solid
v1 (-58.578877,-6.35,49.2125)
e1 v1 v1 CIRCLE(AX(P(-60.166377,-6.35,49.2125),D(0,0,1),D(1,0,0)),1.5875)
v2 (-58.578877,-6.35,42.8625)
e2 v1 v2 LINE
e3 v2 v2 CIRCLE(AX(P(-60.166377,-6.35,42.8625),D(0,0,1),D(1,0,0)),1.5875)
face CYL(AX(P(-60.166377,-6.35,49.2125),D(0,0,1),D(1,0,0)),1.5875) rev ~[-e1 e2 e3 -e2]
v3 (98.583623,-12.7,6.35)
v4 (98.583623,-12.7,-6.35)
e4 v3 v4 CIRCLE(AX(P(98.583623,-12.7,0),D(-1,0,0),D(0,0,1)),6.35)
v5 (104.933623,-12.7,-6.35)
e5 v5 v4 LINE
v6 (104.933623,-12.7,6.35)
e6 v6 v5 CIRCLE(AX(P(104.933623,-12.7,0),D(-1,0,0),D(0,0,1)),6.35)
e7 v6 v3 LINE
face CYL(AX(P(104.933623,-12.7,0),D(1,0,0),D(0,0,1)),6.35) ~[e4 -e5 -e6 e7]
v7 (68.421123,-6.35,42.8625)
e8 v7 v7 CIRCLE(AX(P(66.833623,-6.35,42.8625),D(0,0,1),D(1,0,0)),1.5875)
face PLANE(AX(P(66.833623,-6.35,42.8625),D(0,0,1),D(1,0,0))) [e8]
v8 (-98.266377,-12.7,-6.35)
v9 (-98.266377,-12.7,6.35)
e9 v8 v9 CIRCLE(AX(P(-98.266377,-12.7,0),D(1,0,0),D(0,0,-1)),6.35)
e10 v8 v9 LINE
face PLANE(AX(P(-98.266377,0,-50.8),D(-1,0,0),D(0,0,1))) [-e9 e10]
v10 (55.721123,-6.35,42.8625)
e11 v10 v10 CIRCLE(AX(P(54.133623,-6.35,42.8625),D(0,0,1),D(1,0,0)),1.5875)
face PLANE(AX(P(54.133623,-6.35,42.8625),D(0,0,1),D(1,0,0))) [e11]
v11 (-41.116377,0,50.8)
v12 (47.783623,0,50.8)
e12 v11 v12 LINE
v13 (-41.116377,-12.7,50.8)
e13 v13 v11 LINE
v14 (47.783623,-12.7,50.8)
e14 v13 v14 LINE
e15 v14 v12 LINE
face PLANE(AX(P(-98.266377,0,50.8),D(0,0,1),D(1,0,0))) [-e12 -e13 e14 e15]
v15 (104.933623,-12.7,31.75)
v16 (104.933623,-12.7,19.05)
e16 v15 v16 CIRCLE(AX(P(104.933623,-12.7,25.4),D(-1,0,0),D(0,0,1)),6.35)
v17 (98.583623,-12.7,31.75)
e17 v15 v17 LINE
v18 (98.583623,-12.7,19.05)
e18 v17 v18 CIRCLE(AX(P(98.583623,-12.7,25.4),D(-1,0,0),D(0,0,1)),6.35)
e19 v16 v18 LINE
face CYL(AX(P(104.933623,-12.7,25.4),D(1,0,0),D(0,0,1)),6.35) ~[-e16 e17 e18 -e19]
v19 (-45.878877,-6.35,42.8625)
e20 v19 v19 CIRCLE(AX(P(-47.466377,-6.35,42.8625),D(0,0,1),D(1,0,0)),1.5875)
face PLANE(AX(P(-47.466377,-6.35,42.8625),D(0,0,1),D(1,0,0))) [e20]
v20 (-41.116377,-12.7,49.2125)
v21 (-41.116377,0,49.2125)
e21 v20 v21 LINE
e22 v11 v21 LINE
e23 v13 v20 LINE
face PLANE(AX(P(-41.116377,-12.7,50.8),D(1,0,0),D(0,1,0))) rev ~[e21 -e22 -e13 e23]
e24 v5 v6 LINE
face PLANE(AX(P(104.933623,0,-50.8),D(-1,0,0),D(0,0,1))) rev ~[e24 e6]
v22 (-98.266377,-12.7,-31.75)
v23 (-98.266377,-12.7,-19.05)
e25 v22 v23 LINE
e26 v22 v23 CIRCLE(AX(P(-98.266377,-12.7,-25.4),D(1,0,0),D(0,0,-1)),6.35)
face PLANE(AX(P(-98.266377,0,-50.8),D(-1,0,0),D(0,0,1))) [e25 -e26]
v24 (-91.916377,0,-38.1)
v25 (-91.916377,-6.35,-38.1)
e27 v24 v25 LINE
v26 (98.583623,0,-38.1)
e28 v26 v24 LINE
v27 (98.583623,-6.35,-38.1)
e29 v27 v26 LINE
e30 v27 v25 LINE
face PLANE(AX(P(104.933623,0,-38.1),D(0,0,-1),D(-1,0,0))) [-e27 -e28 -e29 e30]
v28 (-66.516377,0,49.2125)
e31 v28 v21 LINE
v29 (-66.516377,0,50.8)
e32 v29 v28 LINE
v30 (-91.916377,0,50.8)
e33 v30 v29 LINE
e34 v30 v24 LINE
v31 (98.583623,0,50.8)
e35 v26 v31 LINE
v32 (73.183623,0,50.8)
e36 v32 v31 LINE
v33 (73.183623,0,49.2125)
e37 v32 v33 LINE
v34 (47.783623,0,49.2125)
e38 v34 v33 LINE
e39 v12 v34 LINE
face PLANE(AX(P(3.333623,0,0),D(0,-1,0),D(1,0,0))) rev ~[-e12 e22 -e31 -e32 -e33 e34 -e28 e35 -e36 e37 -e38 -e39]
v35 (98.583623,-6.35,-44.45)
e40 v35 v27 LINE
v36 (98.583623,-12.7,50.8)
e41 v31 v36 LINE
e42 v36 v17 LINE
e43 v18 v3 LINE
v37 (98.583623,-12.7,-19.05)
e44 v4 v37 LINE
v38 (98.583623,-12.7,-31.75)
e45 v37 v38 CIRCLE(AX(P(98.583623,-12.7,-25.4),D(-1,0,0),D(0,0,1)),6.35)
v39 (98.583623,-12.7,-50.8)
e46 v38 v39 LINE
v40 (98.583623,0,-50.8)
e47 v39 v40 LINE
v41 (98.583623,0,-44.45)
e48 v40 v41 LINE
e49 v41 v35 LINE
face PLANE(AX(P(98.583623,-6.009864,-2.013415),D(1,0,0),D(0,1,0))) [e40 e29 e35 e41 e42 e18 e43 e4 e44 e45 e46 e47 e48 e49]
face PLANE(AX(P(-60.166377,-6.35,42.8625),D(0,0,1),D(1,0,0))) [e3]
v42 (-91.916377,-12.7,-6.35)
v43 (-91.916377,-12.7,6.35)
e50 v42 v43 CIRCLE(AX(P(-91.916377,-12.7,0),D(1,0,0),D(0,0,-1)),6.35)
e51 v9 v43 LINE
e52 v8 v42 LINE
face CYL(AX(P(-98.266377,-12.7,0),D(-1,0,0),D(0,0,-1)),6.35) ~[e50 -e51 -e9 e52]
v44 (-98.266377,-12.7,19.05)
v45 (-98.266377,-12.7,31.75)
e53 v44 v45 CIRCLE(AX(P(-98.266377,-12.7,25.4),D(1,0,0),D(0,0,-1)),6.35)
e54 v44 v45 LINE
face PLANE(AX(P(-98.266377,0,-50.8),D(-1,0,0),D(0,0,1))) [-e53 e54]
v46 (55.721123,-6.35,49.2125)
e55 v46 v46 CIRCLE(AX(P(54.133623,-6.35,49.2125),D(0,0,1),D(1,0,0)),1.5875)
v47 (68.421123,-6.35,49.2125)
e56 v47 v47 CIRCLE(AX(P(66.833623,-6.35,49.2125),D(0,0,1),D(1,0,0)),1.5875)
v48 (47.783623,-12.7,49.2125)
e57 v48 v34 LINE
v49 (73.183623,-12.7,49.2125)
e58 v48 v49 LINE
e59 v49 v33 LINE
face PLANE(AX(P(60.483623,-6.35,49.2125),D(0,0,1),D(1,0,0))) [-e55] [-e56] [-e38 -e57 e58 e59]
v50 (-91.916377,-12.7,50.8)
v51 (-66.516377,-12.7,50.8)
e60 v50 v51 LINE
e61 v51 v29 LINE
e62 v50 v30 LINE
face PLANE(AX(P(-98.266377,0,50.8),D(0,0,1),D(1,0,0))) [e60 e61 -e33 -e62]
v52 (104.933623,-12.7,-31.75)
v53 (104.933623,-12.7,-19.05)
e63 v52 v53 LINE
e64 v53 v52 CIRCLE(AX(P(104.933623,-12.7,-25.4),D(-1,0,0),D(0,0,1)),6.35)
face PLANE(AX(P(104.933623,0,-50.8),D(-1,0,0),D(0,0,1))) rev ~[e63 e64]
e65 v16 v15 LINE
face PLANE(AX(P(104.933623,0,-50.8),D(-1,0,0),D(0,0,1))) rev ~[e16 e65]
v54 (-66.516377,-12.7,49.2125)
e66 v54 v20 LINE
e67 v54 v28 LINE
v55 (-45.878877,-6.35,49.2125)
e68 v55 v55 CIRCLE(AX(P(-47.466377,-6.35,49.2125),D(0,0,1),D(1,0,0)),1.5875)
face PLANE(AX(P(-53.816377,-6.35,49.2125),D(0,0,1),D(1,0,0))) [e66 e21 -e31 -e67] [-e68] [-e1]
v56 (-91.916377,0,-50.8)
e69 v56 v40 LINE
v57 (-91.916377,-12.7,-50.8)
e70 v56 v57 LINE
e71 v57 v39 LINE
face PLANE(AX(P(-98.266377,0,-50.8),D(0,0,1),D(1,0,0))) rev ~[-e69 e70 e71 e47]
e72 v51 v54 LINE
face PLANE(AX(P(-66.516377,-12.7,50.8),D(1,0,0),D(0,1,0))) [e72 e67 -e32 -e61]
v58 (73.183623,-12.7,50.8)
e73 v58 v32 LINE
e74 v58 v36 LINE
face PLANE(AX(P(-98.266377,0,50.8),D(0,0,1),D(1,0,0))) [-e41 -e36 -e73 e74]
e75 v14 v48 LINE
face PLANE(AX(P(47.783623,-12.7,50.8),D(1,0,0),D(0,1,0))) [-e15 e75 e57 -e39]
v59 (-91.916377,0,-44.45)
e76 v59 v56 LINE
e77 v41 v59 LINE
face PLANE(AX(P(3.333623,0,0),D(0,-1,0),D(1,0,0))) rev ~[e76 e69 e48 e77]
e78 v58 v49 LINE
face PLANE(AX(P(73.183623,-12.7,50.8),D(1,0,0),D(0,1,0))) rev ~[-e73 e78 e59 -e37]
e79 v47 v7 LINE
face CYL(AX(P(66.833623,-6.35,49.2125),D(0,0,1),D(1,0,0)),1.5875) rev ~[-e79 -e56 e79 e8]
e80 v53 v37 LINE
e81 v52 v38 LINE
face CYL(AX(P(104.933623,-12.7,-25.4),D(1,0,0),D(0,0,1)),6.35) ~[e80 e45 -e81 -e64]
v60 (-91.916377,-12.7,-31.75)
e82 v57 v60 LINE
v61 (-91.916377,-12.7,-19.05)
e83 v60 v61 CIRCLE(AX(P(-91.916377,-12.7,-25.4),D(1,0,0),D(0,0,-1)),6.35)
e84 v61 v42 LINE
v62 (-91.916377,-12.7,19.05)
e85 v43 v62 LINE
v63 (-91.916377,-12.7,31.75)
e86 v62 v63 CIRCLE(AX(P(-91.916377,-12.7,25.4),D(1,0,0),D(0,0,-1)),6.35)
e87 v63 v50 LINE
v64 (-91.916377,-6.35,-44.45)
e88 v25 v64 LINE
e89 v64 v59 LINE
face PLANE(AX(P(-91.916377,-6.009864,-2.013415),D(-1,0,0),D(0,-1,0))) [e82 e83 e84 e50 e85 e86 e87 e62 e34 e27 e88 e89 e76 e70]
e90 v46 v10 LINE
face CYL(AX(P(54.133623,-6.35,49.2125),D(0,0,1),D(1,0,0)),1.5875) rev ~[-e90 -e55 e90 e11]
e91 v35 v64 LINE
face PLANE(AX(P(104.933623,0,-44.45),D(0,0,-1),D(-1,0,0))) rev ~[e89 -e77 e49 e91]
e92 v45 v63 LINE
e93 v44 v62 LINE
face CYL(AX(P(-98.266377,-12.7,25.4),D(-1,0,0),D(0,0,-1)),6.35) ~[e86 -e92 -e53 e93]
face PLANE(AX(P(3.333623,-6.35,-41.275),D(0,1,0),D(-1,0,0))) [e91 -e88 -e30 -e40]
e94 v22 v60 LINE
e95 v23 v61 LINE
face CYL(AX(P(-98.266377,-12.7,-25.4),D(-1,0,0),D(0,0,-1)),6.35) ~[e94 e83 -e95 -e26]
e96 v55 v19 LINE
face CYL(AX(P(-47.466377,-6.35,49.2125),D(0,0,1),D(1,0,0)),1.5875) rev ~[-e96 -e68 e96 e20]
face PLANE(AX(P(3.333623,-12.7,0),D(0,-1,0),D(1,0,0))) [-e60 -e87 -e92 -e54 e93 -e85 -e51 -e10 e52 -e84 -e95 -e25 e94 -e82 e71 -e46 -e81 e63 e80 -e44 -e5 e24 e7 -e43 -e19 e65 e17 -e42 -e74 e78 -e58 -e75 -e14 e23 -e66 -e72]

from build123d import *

# Parameters (mm, degrees)
F0_W      = 203.2
F0_H      = 101.6
F1_DEPTH  = 12.7
F2_W      = 203.2
F2_H      = 6.35
F3_DEPTH  = 6.35
F5_DEPTH  = 6.35
F7_DEPTH  = 6.35
F8_W      = 25.4
F8_H      = 12.7
F9_DEPTH  = 1.5875
F10_R     = 1.5875
F11_DEPTH = 6.35
F12_R     = 1.5875
F13_DEPTH = 6.35


with BuildPart() as f1:
    # F0 (on Front) → F1 (new body)
    with BuildSketch(Plane.XZ):
        with Locations((3.333623, 0)):
            Rectangle(F0_W, F0_H)
    extrude(amount=F1_DEPTH)

    # F2 (on face) → F3 (cut)
    with BuildSketch(Plane(origin=(0, 0, 0), x_dir=(-1, 0, 0), z_dir=(0, 1, 0))):
        with Locations((-3.333623, -41.275)):
            Rectangle(F2_W, F2_H)
    extrude(amount=-F3_DEPTH, mode=Mode.SUBTRACT)

    # F4 (on face) → F5 (cut)
    with BuildSketch(Plane(origin=(-98.266377, 0, 0), x_dir=(0, -1, 0), z_dir=(-1, 0, 0))):
        with BuildLine():
            ThreePointArc((12.7, 19.05), (6.35, 25.4), (12.7, 31.75))
            Line((12.7, 31.75), (12.7, 50.8))
            Line((12.7, 50.8), (0, 50.8))
            Line((0, 50.8), (0, -38.1))
            Line((0, -38.1), (6.35, -38.1))
            Line((6.35, -38.1), (6.35, -44.45))
            Line((6.35, -44.45), (0, -44.45))
            Line((0, -44.45), (0, -50.8))
            Line((0, -50.8), (12.7, -50.8))
            Line((12.7, -50.8), (12.7, -31.75))
            ThreePointArc((12.7, -31.75), (6.35, -25.4), (12.7, -19.05))
            Line((12.7, -19.05), (12.7, -6.35))
            ThreePointArc((12.7, -6.35), (6.35, 0), (12.7, 6.35))
            Line((12.7, 6.35), (12.7, 19.05))
        make_face()
    extrude(amount=-F5_DEPTH, mode=Mode.SUBTRACT)

    # F6 (on face) → F7 (cut)
    with BuildSketch(Plane.YZ.offset(104.933623)):
        with BuildLine():
            ThreePointArc((-12.7, 31.75), (-6.35, 25.4), (-12.7, 19.05))
            Line((-12.7, 19.05), (-12.7, 6.35))
            ThreePointArc((-12.7, 6.35), (-6.35, 0), (-12.7, -6.35))
            Line((-12.7, -6.35), (-12.7, -19.05))
            ThreePointArc((-12.7, -19.05), (-6.35, -25.4), (-12.7, -31.75))
            Line((-12.7, -31.75), (-12.7, -50.8))
            Line((-12.7, -50.8), (0, -50.8))
            Line((0, -50.8), (0, -44.45))
            Line((0, -44.45), (-6.35, -44.45))
            Line((-6.35, -44.45), (-6.35, -38.1))
            Line((-6.35, -38.1), (0, -38.1))
            Line((0, -38.1), (0, 50.8))
            Line((0, 50.8), (-12.7, 50.8))
            Line((-12.7, 50.8), (-12.7, 31.75))
        make_face()
    extrude(amount=-F7_DEPTH, mode=Mode.SUBTRACT)

    # F8 (on face) → F9 (cut)
    with BuildSketch(Plane.XY.offset(50.8)):
        with Locations((-53.816377, -6.35)):
            Rectangle(F8_W, F8_H)
        with Locations((60.483623, -6.35)):
            Rectangle(F8_W, F8_H)
    extrude(amount=-F9_DEPTH, mode=Mode.SUBTRACT)

    # F10 (on face) → F11 (cut)
    with BuildSketch(Plane.XY.offset(49.2125)):
        with Locations((-60.166377, -6.35)):
            Circle(F10_R)
        with Locations((-47.466377, -6.35)):
            Circle(F10_R)
    extrude(amount=-F11_DEPTH, mode=Mode.SUBTRACT)

    # F12 (on face) → F13 (cut)
    with BuildSketch(Plane.XY.offset(49.2125)):
        with Locations((54.133623, -6.35)):
            Circle(F12_R)
        with Locations((66.833623, -6.35)):
            Circle(F12_R)
    extrude(amount=-F13_DEPTH, mode=Mode.SUBTRACT)


solid = f1.part
